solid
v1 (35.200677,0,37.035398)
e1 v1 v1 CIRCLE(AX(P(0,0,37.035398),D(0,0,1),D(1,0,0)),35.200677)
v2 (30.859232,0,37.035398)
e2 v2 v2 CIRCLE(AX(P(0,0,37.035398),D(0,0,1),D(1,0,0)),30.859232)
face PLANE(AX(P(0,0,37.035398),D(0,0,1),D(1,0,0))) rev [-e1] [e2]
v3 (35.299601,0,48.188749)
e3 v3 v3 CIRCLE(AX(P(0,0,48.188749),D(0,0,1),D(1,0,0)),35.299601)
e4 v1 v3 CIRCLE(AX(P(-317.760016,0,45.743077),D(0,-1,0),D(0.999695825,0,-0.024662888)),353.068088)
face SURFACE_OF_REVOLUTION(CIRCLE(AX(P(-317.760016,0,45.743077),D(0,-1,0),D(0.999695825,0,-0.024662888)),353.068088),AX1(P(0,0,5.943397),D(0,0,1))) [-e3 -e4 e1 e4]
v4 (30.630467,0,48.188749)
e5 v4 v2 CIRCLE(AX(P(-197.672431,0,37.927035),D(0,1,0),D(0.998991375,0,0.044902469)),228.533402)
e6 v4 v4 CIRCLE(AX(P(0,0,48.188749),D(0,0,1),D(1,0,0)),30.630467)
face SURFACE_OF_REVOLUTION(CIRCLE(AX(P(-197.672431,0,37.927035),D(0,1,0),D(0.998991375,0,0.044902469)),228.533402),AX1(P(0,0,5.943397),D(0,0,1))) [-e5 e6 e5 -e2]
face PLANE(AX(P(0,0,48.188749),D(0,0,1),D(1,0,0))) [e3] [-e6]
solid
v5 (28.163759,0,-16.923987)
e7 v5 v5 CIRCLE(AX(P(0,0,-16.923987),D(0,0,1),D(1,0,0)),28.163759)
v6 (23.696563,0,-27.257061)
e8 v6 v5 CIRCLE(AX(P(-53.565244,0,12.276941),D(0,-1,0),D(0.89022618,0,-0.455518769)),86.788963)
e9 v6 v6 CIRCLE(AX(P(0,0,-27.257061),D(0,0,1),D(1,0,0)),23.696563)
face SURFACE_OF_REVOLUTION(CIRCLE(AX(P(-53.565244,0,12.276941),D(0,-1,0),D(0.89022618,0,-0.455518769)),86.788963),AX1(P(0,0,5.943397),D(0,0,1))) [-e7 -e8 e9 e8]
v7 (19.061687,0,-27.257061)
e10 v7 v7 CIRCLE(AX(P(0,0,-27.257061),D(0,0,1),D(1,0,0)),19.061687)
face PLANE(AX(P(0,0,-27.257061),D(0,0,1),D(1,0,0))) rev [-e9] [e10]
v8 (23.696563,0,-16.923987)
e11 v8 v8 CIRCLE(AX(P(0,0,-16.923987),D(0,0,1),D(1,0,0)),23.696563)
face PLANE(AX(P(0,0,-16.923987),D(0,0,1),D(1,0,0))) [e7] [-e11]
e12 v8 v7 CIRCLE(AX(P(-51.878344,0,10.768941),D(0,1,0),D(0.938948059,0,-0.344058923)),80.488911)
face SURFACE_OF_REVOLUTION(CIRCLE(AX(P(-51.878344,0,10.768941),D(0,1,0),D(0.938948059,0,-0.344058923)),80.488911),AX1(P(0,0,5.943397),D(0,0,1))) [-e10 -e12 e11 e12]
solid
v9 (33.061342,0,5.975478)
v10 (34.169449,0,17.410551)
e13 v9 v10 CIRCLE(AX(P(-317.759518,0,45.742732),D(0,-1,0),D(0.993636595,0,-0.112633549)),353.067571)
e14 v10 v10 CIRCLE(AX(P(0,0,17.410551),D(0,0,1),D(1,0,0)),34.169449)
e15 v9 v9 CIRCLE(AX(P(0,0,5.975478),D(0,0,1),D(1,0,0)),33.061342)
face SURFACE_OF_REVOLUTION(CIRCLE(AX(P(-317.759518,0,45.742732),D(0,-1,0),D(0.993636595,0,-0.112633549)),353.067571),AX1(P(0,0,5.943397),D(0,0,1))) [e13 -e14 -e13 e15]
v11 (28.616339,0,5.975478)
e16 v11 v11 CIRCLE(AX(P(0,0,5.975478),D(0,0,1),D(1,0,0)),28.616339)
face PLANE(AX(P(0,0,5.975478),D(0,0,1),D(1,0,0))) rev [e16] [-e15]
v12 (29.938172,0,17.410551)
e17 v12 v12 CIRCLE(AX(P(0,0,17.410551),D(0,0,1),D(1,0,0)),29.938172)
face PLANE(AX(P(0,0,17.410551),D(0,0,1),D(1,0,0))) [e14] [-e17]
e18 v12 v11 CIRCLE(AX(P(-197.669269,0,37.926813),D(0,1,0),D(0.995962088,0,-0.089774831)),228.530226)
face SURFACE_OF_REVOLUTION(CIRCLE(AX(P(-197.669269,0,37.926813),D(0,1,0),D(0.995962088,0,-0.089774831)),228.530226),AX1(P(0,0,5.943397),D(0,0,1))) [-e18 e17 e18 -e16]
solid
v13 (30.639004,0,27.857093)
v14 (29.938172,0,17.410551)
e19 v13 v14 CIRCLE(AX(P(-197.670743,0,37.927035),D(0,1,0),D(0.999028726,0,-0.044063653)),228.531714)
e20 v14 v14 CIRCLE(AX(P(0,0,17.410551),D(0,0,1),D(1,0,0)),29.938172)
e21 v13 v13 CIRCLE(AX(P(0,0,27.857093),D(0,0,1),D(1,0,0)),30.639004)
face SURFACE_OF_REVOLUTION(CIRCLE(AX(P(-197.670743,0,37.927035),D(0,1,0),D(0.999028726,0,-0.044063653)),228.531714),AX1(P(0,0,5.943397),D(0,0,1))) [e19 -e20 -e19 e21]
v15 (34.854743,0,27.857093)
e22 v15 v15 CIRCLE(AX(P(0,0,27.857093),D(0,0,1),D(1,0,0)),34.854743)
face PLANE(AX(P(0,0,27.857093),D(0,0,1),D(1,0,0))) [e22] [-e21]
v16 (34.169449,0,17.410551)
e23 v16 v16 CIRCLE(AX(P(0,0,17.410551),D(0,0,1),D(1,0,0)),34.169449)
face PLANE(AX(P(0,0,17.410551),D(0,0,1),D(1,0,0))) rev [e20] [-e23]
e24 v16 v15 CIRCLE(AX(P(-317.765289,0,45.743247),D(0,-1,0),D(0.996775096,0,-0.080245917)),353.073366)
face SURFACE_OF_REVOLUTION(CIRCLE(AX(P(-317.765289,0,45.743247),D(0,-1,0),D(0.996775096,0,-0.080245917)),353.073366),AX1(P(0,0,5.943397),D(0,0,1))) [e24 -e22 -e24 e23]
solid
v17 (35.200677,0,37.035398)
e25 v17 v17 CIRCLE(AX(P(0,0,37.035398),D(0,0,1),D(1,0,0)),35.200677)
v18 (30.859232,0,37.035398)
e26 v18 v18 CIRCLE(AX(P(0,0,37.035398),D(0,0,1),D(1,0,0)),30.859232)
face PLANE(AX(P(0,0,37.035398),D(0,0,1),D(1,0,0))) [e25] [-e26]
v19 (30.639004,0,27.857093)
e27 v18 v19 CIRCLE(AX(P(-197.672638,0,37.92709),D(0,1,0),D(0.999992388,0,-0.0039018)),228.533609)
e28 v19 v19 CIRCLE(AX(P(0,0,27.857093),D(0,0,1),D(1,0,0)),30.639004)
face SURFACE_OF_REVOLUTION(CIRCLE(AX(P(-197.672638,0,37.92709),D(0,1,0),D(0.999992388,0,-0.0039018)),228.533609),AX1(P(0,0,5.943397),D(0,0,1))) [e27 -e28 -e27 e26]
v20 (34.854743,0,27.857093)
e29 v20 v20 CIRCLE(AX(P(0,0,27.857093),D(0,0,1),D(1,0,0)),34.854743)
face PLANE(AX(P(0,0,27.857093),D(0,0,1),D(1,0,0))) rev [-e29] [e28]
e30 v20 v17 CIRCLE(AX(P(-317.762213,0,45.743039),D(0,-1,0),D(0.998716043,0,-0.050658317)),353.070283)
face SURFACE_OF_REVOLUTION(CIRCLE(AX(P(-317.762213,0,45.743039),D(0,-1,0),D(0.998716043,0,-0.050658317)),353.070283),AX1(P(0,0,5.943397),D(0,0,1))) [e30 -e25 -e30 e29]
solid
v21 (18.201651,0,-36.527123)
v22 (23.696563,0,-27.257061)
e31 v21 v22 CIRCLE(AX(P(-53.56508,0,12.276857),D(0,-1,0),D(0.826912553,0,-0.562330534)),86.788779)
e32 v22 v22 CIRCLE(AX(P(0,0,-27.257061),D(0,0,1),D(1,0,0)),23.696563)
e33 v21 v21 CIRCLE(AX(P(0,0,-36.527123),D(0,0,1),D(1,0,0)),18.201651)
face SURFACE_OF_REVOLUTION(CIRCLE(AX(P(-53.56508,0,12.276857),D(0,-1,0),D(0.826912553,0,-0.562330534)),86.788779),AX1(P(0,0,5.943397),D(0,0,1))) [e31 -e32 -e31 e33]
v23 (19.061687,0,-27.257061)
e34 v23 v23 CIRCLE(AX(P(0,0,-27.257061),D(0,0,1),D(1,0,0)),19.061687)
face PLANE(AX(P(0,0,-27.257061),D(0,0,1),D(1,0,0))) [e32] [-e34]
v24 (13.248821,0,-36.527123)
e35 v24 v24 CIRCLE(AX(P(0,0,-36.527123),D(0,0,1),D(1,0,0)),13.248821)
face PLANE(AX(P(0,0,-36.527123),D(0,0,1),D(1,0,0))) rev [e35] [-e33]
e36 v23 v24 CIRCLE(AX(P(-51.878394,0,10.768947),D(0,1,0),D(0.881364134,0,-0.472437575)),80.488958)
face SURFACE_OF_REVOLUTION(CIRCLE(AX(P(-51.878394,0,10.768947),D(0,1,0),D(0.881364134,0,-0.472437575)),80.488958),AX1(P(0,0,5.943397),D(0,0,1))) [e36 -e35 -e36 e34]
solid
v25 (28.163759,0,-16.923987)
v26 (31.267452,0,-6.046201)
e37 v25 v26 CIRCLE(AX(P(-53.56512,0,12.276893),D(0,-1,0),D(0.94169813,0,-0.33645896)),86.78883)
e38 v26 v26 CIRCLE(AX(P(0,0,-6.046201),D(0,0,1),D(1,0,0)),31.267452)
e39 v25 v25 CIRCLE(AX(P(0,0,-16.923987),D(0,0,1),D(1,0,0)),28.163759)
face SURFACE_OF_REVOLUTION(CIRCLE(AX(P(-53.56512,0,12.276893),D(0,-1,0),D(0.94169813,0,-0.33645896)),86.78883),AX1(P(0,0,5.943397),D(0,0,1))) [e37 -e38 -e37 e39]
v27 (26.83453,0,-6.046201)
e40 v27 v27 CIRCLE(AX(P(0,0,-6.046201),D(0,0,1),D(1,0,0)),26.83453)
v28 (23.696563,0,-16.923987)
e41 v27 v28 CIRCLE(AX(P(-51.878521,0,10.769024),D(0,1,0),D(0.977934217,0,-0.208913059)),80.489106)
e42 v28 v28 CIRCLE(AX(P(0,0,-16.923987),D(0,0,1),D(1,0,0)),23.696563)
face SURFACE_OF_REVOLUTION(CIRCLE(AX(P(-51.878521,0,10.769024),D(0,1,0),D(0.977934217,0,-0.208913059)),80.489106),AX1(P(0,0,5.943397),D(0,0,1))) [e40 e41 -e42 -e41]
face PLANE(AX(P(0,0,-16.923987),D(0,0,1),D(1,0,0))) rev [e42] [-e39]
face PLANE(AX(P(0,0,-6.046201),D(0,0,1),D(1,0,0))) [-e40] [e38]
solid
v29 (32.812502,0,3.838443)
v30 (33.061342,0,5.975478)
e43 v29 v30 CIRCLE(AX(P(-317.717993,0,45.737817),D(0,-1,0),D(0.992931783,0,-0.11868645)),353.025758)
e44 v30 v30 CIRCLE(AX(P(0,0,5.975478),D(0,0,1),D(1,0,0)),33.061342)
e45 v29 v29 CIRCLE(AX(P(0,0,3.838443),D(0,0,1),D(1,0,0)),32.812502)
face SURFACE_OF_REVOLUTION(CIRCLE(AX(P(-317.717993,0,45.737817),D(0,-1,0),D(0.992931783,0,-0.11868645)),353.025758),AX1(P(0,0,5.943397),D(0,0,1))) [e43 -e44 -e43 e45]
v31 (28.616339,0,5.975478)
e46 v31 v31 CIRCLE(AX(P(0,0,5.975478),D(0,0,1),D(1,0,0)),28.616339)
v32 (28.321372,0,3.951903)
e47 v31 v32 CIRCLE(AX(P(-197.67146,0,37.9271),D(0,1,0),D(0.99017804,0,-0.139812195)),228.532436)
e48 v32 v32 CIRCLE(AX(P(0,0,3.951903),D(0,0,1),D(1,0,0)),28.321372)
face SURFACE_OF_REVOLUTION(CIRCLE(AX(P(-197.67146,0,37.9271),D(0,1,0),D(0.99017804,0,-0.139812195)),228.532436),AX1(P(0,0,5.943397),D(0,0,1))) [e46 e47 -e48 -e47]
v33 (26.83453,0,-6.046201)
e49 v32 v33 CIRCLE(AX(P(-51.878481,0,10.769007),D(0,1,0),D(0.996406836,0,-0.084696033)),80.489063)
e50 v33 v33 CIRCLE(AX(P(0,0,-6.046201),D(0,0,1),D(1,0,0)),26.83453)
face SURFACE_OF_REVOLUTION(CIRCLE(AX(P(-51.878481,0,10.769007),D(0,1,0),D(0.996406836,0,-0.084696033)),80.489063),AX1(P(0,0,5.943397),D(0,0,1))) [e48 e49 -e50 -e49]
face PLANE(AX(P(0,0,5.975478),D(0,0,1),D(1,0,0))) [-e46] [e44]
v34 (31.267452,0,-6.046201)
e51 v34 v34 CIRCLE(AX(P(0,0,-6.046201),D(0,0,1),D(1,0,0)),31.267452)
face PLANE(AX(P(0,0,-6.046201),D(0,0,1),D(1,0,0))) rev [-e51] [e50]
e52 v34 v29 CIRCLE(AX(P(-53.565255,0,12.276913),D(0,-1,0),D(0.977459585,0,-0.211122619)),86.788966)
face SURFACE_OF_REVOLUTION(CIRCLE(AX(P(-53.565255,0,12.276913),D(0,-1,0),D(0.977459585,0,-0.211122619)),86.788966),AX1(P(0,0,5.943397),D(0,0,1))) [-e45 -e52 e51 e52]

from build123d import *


with BuildPart() as f1:
    # F0 (on Front) → F1 (revolve)
    with BuildSketch(Plane.XZ):
        with BuildLine():
            Line((13.248821, -36.527123), (18.201651, -36.527123))
            ThreePointArc((18.201651, -36.527123), (21.093125, -31.97746), (23.696563, -27.257061))
            Line((23.696563, -27.257061), (19.061687, -27.257061))
            ThreePointArc((19.061687, -27.257061), (16.31296, -31.990983), (13.248821, -36.527123))
        make_face()
    revolve(axis=Axis((0, 0, 5.943397), (0, 0, 1)))


with BuildPart() as f2:
    # F0 (on Front) → F2 (revolve)
    with BuildSketch(Plane.XZ):
        with BuildLine():
            Line((19.061687, -27.257061), (23.696563, -27.257061))
            ThreePointArc((23.696563, -27.257061), (26.097875, -22.16303), (28.163759, -16.923987))
            Line((28.163759, -16.923987), (23.696563, -16.923987))
            ThreePointArc((23.696563, -16.923987), (21.561086, -22.172142), (19.061687, -27.257061))
        make_face()
    revolve(axis=Axis((0, 0, 5.943397), (0, 0, 1)))


with BuildPart() as f3:
    # F0 (on Front) → F3 (revolve)
    with BuildSketch(Plane.XZ):
        with BuildLine():
            Line((23.696563, -16.923987), (28.163759, -16.923987))
            ThreePointArc((28.163759, -16.923987), (29.893018, -11.535714), (31.267452, -6.046201))
            Line((31.267452, -6.046201), (26.83453, -6.046201))
            ThreePointArc((26.83453, -6.046201), (25.457038, -11.540335), (23.696563, -16.923987))
        make_face()
    revolve(axis=Axis((0, 0, 5.943397), (0, 0, 1)))


with BuildPart() as f4:
    # F0 (on Front) → F4 (revolve)
    with BuildSketch(Plane.XZ):
        with BuildLine():
            Line((26.83453, -6.046201), (31.267452, -6.046201))
            ThreePointArc((31.267452, -6.046201), (32.182528, -1.126161), (32.812502, 3.838443))
            ThreePointArc((32.812502, 3.838443), (32.93855, 4.906771), (33.061342, 5.975478))
            Line((33.061342, 5.975478), (28.616339, 5.975478))
            ThreePointArc((28.616339, 5.975478), (28.471119, 4.963361), (28.321372, 3.951903))
            ThreePointArc((28.321372, 3.951903), (27.735055, -1.070512), (26.83453, -6.046201))
        make_face()
    revolve(axis=Axis((0, 0, 5.943397), (0, 0, 1)))


with BuildPart() as f5:
    # F0 (on Front) → F5 (revolve)
    with BuildSketch(Plane.XZ):
        with BuildLine():
            Line((28.616339, 5.975478), (33.061342, 5.975478))
            ThreePointArc((33.061342, 5.975478), (33.66191, 11.688507), (34.169449, 17.410551))
            Line((34.169449, 17.410551), (29.938172, 17.410551))
            ThreePointArc((29.938172, 17.410551), (29.349266, 11.684691), (28.616339, 5.975478))
        make_face()
    revolve(axis=Axis((0, 0, 5.943397), (0, 0, 1)))


with BuildPart() as f6:
    # F0 (on Front) → F6 (revolve)
    with BuildSketch(Plane.XZ):
        with BuildLine():
            Line((29.938172, 17.410551), (34.169449, 17.410551))
            ThreePointArc((34.169449, 17.410551), (34.550817, 22.631282), (34.854743, 27.857093))
            Line((34.854743, 27.857093), (30.639004, 27.857093))
            ThreePointArc((30.639004, 27.857093), (30.348421, 22.629808), (29.938172, 17.410551))
        make_face()
    revolve(axis=Axis((0, 0, 5.943397), (0, 0, 1)))


with BuildPart() as f7:
    # F0 (on Front) → F7 (revolve)
    with BuildSketch(Plane.XZ):
        with BuildLine():
            Line((30.639004, 27.857093), (34.854743, 27.857093))
            ThreePointArc((34.854743, 27.857093), (35.057557, 32.445121), (35.200677, 37.035398))
            Line((35.200677, 37.035398), (30.859232, 37.035398))
            ThreePointArc((30.859232, 37.035398), (30.795213, 32.44514), (30.639004, 27.857093))
        make_face()
    revolve(axis=Axis((0, 0, 5.943397), (0, 0, 1)))


with BuildPart() as f8:
    # F0 (on Front) → F8 (revolve)
    with BuildSketch(Plane.XZ):
        with BuildLine():
            Line((30.859232, 37.035398), (35.200677, 37.035398))
            ThreePointArc((35.200677, 37.035398), (35.294185, 42.611683), (35.299601, 48.188749))
            Line((35.299601, 48.188749), (30.630467, 48.188749))
            ThreePointArc((30.630467, 48.188749), (30.812915, 42.61347), (30.859232, 37.035398))
        make_face()
    revolve(axis=Axis((0, 0, 5.943397), (0, 0, 1)))


solid = Compound([f1.part, f2.part, f3.part, f4.part, f5.part, f6.part, f7.part, f8.part])
